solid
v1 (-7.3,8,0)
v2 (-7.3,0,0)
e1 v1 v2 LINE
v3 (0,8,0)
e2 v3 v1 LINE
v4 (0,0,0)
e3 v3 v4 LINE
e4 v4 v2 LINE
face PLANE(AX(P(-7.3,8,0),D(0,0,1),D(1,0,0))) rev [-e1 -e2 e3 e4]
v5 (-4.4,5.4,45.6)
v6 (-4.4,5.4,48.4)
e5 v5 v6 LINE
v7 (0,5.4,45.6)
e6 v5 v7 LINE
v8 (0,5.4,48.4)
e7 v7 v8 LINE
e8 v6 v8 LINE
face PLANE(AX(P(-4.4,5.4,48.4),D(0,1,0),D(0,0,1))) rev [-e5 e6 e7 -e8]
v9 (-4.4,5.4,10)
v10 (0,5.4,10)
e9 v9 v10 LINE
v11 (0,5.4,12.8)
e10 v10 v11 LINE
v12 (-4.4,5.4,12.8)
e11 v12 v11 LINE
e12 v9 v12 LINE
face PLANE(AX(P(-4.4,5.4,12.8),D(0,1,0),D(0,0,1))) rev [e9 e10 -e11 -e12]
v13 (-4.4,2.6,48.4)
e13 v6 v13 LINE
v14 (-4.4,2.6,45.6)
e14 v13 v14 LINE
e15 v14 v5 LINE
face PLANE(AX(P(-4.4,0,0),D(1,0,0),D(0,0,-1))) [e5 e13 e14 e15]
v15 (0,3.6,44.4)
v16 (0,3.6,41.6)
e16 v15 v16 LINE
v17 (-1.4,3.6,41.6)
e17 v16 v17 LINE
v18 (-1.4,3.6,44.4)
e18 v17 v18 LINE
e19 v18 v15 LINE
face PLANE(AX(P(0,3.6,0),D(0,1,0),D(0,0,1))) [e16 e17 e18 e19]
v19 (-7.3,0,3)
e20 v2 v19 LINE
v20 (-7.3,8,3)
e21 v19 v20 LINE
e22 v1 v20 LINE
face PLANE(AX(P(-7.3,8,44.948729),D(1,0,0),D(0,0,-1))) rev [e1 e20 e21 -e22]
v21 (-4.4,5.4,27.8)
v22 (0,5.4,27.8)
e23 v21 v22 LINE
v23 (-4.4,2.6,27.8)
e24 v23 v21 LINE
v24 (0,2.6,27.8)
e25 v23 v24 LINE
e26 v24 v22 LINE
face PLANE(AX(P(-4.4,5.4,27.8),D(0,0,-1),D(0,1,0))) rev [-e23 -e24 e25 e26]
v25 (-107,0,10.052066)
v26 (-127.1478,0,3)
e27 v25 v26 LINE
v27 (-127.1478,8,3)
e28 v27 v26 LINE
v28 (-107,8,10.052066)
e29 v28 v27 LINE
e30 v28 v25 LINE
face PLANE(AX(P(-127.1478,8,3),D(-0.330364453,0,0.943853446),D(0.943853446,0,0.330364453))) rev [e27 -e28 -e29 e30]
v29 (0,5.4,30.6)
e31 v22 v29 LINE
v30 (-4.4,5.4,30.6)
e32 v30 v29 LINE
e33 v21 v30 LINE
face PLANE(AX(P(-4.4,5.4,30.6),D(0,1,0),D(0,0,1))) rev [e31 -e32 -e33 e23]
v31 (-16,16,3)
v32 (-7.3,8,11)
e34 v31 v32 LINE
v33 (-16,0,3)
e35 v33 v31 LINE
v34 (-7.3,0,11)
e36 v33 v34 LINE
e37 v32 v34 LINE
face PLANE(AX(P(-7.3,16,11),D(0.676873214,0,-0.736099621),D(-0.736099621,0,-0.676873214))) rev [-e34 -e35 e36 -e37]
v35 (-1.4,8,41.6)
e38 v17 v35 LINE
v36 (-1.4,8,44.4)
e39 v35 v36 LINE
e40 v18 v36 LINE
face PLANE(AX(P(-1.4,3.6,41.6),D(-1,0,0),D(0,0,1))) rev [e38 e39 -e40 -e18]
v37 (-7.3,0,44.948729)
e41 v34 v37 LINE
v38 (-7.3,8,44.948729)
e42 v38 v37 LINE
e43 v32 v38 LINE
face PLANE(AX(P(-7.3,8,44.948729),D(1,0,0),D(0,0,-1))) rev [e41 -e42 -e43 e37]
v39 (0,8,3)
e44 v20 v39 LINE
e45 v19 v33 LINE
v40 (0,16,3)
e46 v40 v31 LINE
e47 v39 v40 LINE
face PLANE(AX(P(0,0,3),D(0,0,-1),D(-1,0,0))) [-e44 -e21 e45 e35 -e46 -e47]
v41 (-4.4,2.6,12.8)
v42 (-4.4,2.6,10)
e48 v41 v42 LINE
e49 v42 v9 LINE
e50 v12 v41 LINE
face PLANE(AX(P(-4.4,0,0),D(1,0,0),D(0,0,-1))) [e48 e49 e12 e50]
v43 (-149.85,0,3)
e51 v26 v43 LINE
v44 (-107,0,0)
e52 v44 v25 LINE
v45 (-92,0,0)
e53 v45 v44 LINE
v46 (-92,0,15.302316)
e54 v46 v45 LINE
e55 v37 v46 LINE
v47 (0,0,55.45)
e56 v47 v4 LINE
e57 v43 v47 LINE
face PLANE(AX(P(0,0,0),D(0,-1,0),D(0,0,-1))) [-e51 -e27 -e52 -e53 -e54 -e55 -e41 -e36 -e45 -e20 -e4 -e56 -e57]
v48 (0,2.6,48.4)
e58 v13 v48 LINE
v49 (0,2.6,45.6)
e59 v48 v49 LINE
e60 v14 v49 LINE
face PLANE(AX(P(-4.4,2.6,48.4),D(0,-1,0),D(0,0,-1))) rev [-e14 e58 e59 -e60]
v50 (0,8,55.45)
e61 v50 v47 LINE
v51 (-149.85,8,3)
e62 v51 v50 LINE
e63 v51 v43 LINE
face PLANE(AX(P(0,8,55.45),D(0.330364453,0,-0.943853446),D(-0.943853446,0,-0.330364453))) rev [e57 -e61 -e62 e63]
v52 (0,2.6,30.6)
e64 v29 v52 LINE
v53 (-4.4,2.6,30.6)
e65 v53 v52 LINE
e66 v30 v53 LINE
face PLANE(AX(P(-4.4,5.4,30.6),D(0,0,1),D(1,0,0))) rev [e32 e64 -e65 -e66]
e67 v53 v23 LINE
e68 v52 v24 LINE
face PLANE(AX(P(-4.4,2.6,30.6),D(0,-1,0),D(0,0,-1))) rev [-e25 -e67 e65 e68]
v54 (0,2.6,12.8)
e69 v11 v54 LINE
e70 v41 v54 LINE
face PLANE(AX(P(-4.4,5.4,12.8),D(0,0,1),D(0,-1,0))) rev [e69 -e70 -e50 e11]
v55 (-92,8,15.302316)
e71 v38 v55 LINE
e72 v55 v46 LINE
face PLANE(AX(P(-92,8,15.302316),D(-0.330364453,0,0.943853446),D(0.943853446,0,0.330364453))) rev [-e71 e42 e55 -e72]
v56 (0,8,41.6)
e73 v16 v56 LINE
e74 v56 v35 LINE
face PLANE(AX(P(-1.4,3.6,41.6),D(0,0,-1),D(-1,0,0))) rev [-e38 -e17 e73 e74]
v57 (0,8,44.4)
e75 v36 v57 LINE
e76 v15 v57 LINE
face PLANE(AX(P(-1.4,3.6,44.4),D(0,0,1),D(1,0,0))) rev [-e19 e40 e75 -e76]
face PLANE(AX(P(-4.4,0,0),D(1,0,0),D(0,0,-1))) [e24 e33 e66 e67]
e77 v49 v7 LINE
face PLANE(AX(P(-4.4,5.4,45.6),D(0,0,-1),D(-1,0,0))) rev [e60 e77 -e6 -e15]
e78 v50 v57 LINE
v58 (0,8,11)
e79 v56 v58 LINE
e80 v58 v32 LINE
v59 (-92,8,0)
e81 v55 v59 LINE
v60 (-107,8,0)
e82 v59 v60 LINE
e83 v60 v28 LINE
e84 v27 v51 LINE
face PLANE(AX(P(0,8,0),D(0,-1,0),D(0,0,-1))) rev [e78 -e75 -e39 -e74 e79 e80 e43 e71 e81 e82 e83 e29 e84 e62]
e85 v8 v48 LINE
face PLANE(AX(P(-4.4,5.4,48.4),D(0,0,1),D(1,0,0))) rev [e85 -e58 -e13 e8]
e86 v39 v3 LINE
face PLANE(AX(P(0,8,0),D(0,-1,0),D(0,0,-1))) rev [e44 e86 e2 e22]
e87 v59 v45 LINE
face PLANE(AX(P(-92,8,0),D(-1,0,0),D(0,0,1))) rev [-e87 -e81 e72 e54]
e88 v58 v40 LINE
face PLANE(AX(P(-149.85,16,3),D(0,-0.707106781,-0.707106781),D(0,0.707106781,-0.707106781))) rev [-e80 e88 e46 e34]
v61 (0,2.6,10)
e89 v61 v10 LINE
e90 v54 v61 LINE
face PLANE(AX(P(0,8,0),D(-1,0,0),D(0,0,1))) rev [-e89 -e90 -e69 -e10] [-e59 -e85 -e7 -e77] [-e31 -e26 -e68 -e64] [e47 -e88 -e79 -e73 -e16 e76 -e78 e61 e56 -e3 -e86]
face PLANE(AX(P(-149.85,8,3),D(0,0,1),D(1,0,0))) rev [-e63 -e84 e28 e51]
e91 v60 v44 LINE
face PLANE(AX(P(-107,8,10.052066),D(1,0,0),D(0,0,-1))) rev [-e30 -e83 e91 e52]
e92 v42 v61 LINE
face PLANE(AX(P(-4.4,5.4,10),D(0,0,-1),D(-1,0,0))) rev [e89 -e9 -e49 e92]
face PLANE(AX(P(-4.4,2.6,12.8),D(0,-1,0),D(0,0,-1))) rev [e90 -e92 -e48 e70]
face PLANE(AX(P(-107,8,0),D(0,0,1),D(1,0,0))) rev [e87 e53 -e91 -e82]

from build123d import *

# Parameters (mm, degrees)
P_IDAT_VYSUNUT_M1_DEPTH  = 8
SKICA3_W                 = 1.4
SKICA3_H                 = 2.8
ODEBRAT_VYSUNUT_M1_DEPTH = 4.4
P_IDAT_START             = 8
SKICA5_W                 = 16
SKICA5_H                 = 8
P_IDAT_VYSUNUT_M2_DEPTH  = 16
ODEBRAT_VYSUNUT_M3_DEPTH = 161.57934176
ODEBRAT_VYSUNUT_M4_DEPTH = 161.57934176
SKICA4_W                 = 2.8
SKICA4_H                 = 2.8
ODEBRAT_VYSUNUT_M2_DEPTH = 4.4


with BuildPart() as part:
    # Skica2 → Přidat vysunutím1 (new body)
    with BuildSketch(Plane(origin=(0, 0, 0), x_dir=(1, 0, 0), z_dir=(0, 1, 0))):
        Polygon((0, 0), (0, -55.45), (-149.85, -3), (-127.147799643, -3), (-107, -10.052066008), (-107, 0), (-92, 0), (-92, -15.302316258), (-7.3, -44.948729338), (-7.3, 0), align=None)
    extrude(amount=P_IDAT_VYSUNUT_M1_DEPTH)

    # Skica3 → Odebrat vysunutím1 (cut)
    with BuildSketch(Plane(origin=(0, 8, 0), x_dir=(1, 0, 0), z_dir=(0, 1, 0))):
        with Locations((-0.7, -43)):
            Rectangle(SKICA3_W, SKICA3_H)
    extrude(amount=-ODEBRAT_VYSUNUT_M1_DEPTH, mode=Mode.SUBTRACT)

    # Skica5 → Přidat vysunutím2 (add)
    with BuildSketch(Plane(origin=(0, 8, 0), x_dir=(1, 0, 0), z_dir=(0, 1, 0)).offset(P_IDAT_START)):
        with Locations((-8, -7)):
            Rectangle(SKICA5_W, SKICA5_H)
    extrude(amount=-P_IDAT_VYSUNUT_M2_DEPTH)

    # Skica6 → Odebrat vysunutím3 (cut, through all)
    with BuildSketch(Plane(origin=(0, 0, 0), x_dir=(0, 0, -1), z_dir=(1, 0, 0))):
        Polygon((-11, 8), (-11, 16), (-3, 16), align=None)
    extrude(amount=-ODEBRAT_VYSUNUT_M3_DEPTH, mode=Mode.SUBTRACT)

    # Skica7 → Odebrat vysunutím4 (cut, through all)
    with BuildSketch(Plane.XZ):
        Polygon((-16, 3), (-16, 11), (-7.3, 11), align=None)
    extrude(amount=-ODEBRAT_VYSUNUT_M4_DEPTH, mode=Mode.SUBTRACT)

    # Skica4 → Odebrat vysunutím2 (cut)
    with BuildSketch(Plane(origin=(0, 0, 0), x_dir=(0, 0, -1), z_dir=(1, 0, 0))):
        with Locations((-47, 4)):
            Rectangle(SKICA4_W, SKICA4_H)
        with Locations((-29.2, 4)):
            Rectangle(SKICA4_W, SKICA4_H)
        with Locations((-11.4, 4)):
            Rectangle(SKICA4_W, SKICA4_H)
    extrude(amount=-ODEBRAT_VYSUNUT_M2_DEPTH, mode=Mode.SUBTRACT)


solid = part.part
